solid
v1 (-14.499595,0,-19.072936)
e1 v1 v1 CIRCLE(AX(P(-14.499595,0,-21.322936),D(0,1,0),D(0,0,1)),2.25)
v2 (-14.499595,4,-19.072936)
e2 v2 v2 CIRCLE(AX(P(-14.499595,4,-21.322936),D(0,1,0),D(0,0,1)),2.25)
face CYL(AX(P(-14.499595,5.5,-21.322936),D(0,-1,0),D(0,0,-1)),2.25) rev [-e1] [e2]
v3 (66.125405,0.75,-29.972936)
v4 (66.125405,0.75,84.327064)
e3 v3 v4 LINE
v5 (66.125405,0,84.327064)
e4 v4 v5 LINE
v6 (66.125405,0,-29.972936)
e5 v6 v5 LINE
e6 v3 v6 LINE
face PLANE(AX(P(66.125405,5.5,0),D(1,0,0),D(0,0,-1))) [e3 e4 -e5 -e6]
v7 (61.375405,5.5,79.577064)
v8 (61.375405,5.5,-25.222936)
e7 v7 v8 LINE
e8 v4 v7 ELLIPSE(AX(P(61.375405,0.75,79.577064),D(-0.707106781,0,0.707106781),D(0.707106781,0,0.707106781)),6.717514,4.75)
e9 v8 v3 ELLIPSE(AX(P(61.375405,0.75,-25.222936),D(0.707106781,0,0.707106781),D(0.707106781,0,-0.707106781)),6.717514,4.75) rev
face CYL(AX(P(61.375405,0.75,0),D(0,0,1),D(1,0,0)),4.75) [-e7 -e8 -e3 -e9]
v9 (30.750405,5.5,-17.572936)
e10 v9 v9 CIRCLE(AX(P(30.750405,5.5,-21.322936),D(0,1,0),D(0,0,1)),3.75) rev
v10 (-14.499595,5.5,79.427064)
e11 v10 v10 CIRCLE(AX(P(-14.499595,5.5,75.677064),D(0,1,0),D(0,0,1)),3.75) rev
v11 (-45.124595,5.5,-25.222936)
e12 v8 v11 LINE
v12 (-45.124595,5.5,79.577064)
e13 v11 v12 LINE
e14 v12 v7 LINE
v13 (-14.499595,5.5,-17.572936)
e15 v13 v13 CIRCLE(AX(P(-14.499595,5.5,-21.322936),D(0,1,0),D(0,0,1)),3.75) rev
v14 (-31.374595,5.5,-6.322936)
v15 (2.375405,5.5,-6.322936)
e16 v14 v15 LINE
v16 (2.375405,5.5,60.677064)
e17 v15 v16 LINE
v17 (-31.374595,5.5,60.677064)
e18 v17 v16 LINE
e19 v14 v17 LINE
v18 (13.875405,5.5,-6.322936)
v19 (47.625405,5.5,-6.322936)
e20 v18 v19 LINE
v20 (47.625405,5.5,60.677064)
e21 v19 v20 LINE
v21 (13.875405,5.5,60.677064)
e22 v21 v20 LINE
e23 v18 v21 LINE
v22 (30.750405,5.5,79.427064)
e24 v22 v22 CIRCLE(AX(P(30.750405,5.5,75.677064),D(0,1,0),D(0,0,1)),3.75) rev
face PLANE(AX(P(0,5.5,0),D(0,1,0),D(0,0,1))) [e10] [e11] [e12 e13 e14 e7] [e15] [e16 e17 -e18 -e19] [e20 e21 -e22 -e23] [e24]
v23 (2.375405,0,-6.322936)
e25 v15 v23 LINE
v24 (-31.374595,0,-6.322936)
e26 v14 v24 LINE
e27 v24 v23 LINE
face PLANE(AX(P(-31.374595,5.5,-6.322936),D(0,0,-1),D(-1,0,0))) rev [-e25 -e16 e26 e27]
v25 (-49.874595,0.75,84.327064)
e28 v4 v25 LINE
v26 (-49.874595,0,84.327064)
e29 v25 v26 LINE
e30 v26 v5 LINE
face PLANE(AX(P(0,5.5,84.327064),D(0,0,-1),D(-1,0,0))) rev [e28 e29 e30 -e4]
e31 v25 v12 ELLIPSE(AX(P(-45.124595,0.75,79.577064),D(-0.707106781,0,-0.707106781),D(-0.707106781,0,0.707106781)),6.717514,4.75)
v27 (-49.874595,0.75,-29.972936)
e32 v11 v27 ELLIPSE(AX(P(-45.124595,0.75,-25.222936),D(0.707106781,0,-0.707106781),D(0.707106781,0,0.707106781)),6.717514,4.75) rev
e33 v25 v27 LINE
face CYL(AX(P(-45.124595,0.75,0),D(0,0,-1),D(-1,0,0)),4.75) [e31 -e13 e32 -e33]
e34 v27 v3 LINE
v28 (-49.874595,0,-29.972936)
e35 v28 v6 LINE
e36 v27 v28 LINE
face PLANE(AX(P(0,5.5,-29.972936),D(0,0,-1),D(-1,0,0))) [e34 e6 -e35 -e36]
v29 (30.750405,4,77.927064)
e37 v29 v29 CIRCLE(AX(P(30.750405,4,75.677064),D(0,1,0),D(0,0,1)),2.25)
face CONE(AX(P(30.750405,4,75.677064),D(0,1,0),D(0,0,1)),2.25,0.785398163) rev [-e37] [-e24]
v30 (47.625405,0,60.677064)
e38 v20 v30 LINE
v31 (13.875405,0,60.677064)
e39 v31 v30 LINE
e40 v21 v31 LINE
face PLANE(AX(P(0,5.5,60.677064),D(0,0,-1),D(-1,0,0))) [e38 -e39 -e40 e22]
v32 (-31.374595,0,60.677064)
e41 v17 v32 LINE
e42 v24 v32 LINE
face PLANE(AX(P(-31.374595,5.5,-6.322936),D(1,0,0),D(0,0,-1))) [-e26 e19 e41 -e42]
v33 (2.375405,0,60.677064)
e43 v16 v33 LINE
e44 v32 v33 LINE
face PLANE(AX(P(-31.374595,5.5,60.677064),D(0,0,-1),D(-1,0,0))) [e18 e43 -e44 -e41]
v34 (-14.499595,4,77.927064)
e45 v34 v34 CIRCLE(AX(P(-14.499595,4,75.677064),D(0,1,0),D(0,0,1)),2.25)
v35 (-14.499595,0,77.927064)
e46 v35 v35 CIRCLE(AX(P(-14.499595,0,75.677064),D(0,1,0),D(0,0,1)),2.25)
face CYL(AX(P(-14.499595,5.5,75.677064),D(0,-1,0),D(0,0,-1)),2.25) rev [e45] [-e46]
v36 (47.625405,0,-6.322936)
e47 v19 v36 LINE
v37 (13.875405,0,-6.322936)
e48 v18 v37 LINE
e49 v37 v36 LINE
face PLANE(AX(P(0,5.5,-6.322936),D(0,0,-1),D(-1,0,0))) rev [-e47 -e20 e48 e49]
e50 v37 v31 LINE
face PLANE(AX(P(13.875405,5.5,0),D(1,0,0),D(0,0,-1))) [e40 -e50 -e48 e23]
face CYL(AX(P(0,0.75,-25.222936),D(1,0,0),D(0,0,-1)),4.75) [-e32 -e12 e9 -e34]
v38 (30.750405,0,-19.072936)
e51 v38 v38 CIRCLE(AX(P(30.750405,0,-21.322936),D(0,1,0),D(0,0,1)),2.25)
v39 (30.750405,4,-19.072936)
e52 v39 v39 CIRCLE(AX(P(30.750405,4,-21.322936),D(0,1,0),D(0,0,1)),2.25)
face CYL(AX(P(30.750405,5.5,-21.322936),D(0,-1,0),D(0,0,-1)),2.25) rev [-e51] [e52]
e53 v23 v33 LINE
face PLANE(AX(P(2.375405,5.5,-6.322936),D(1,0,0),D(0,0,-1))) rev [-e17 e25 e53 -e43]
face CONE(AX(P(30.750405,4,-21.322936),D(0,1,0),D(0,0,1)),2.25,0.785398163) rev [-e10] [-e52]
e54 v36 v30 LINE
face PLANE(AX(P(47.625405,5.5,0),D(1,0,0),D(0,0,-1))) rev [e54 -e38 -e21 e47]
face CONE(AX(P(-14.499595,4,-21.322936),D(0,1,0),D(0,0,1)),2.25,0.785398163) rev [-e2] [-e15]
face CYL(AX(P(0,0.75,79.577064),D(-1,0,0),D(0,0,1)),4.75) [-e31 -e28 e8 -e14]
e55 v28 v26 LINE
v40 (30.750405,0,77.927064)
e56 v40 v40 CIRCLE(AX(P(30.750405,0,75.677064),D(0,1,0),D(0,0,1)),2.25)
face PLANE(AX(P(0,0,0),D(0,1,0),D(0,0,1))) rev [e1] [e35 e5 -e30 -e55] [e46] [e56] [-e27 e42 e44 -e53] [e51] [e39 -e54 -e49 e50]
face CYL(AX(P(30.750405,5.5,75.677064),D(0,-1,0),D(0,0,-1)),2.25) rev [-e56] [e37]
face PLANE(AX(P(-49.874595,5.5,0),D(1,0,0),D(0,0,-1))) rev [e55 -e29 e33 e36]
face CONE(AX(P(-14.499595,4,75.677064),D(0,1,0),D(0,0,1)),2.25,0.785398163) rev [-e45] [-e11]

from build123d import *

# Parameters (mm, degrees)
SKETCH1_W           = 116
SKETCH1_H           = 114.3
SKETCH1_R           = 2.25
SKETCH1_W_2         = 33.75
SKETCH1_H_2         = 67
BOSS_EXTRUDE1_DEPTH = 5.5
FILLET1_R           = 4.75
CHAMFER1_SIZE       = 1.5


with BuildPart() as part:
    # Sketch1 → Boss-Extrude1 (new body)
    with BuildSketch(Plane(origin=(0, 0, 0), x_dir=(1, 0, 0), z_dir=(0, 1, 0))):
        with Locations((8.125405268, -27.177064496)):
            Rectangle(SKETCH1_W, SKETCH1_H)
        with Locations((-14.499594732, 21.322935504)):
            Circle(SKETCH1_R, mode=Mode.SUBTRACT)
        with Locations((-14.499594732, -75.677064496)):
            Circle(SKETCH1_R, mode=Mode.SUBTRACT)
        with Locations((30.750405268, -75.677064496)):
            Circle(SKETCH1_R, mode=Mode.SUBTRACT)
        with Locations((30.750405268, 21.322935504)):
            Circle(SKETCH1_R, mode=Mode.SUBTRACT)
        with Locations((-14.499594732, -27.177064496)):
            Rectangle(SKETCH1_W_2, SKETCH1_H_2, mode=Mode.SUBTRACT)
        with Locations((30.750405268, -27.177064496)):
            Rectangle(SKETCH1_W_2, SKETCH1_H_2, mode=Mode.SUBTRACT)
    extrude(amount=BOSS_EXTRUDE1_DEPTH)

    # Fillet1
    fillet1_edges = [part.edges().sort_by_distance(p)[0] for p in [
        (66.125405268, 5.5, 27.177064496),
        (8.125405268, 5.5, -29.972935504),
        (-49.874594732, 5.5, 27.177064496),
        (8.125405268, 5.5, 84.327064496),
    ]]
    fillet(fillet1_edges, radius=FILLET1_R)

    # Chamfer1
    chamfer1_edges = [part.edges().sort_by_distance(p)[0] for p in [
        (28.500405268, 5.5, 75.677064496),
        (-16.749594732, 5.5, 75.677064496),
        (-16.749594732, 5.5, -21.322935504),
        (28.500405268, 5.5, -21.322935504),
    ]]
    chamfer(chamfer1_edges, length=CHAMFER1_SIZE)


solid = part.part
